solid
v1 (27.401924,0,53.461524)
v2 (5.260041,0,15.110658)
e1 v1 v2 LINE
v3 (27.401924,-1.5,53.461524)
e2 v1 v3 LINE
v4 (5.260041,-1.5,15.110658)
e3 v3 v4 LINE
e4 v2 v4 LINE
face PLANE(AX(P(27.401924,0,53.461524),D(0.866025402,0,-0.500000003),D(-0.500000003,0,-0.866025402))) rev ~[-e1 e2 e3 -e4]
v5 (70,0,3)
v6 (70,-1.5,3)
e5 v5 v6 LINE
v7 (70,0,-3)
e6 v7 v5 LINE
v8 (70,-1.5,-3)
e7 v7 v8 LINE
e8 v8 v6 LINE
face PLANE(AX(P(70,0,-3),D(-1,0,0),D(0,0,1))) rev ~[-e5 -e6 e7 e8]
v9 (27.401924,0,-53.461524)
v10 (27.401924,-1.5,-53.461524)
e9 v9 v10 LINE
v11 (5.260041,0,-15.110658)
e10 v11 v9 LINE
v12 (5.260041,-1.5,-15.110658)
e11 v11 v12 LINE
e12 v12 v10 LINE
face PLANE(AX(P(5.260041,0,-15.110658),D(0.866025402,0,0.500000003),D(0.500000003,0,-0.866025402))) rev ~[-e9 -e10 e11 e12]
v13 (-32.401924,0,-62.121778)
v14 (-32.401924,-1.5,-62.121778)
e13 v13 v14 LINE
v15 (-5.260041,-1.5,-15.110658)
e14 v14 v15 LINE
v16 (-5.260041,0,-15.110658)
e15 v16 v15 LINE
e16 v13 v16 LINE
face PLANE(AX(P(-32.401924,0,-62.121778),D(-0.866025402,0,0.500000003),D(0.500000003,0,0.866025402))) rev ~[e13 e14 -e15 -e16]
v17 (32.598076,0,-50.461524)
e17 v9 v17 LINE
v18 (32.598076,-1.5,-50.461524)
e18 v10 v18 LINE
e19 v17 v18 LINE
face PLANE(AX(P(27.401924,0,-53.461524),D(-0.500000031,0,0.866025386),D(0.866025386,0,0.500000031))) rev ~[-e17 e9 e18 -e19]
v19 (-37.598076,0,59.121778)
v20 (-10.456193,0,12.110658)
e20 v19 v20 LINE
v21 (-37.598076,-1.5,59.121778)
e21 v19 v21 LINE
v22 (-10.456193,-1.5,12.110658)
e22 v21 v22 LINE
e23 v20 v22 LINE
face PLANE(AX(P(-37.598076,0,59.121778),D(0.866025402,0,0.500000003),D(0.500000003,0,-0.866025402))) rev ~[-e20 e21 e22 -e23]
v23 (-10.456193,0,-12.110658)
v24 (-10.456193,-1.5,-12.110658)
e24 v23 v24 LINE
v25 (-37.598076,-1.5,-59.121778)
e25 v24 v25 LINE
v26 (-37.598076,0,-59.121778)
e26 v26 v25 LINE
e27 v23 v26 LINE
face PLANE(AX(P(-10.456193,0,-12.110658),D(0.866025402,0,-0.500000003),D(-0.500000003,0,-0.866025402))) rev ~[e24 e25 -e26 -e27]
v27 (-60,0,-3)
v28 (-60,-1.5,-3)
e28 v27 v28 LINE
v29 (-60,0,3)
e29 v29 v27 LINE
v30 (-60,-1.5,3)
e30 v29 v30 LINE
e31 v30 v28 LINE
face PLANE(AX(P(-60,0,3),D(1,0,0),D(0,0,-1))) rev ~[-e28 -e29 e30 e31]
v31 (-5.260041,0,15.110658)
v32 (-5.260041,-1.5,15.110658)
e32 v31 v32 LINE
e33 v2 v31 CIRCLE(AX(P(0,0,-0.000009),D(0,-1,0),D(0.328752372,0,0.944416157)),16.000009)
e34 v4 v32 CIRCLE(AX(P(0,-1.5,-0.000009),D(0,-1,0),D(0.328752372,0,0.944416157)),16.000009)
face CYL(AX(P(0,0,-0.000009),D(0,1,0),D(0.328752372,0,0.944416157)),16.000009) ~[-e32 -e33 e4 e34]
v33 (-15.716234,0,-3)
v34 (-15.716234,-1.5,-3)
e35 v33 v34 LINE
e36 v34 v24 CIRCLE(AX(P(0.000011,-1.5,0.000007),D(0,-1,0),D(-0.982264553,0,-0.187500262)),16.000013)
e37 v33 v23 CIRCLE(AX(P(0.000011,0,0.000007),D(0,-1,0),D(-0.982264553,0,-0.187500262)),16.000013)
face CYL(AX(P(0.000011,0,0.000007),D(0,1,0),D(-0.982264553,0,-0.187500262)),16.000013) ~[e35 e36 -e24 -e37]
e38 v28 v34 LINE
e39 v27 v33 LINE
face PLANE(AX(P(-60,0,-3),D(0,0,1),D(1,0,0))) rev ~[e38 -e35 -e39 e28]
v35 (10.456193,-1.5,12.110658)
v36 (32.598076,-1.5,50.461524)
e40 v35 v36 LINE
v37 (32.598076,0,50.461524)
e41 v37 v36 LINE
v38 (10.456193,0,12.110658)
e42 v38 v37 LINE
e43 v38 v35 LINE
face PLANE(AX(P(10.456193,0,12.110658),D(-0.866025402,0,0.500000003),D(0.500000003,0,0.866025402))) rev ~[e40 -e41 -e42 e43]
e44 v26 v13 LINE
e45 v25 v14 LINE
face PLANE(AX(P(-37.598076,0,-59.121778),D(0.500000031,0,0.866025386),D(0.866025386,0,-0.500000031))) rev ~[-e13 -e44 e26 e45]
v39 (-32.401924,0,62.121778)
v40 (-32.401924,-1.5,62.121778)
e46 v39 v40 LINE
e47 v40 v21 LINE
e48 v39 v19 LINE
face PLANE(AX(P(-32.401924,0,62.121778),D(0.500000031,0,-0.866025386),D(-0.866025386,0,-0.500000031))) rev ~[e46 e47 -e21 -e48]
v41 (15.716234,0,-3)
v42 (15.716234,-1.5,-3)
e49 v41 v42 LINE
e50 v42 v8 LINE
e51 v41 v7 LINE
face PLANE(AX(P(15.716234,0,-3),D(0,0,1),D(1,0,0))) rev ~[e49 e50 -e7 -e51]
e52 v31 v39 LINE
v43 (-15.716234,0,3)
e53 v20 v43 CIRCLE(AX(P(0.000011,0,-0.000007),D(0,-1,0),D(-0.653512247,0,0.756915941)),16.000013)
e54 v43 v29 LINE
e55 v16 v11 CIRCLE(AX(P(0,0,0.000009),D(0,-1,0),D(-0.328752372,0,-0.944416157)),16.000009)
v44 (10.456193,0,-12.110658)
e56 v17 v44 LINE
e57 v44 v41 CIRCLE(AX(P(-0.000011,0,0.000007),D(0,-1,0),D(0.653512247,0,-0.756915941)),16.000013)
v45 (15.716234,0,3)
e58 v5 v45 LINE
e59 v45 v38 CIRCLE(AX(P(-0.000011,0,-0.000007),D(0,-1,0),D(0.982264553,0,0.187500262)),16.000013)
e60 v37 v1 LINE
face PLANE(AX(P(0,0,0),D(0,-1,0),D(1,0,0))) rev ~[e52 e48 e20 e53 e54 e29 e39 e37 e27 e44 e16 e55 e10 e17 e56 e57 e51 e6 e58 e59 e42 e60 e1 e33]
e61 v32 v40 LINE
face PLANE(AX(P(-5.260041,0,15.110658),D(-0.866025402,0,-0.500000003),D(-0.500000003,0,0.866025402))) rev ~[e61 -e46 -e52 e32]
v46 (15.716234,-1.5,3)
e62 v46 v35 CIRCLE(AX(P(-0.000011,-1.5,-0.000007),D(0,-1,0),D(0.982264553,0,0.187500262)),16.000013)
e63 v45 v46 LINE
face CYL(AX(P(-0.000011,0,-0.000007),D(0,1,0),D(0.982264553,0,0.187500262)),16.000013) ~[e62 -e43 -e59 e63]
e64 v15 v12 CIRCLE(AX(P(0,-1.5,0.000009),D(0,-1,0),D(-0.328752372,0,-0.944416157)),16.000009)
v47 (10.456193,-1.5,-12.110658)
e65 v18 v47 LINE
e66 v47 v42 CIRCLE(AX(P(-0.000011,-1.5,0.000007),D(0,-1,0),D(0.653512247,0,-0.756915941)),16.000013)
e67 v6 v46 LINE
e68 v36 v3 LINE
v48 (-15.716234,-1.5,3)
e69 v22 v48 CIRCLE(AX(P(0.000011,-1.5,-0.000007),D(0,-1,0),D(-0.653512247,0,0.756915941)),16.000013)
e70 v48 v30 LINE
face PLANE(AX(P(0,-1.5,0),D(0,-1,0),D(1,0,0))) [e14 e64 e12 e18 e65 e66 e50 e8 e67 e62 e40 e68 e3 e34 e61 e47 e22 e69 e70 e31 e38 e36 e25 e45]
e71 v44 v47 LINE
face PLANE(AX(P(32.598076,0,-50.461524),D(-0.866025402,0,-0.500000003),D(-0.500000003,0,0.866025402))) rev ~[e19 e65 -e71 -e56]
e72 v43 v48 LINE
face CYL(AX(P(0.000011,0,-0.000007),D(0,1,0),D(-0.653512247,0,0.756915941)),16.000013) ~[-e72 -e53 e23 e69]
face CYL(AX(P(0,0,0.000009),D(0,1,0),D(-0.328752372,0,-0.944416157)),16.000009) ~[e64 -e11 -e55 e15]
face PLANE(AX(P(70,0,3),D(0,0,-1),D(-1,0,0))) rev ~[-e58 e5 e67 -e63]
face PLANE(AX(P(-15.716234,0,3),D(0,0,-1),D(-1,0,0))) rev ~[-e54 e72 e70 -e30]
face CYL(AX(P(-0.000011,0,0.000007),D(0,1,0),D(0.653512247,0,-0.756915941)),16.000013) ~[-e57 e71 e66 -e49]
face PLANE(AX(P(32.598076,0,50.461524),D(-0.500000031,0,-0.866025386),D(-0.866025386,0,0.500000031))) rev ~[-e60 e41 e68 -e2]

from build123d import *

# Parameters (mm, degrees)
F1_DEPTH = 1.5


with BuildPart() as f1:
    # F0 (on Front) → F1 (new body)
    with BuildSketch(Plane.XZ):
        with BuildLine():
            Line((-60, -3), (-15.716234, -3))
            ThreePointArc((-15.716234, -3), (-13.856406, -8), (-10.456193, -12.110658))
            Line((-10.456193, -12.110658), (-37.598076, -59.121778))
            Line((-37.598076, -59.121778), (-32.401924, -62.121778))
            Line((-32.401924, -62.121778), (-5.260041, -15.110658))
            ThreePointArc((-5.260041, -15.110658), (0, -16), (5.260041, -15.110658))
            Line((5.260041, -15.110658), (27.401924, -53.461524))
            Line((27.401924, -53.461524), (32.598076, -50.461524))
            Line((32.598076, -50.461524), (10.456193, -12.110658))
            ThreePointArc((10.456193, -12.110658), (13.856406, -8), (15.716234, -3))
            Line((15.716234, -3), (70, -3))
            Line((70, -3), (70, 3))
            Line((70, 3), (15.716234, 3))
            ThreePointArc((15.716234, 3), (13.856406, 8), (10.456193, 12.110658))
            Line((10.456193, 12.110658), (32.598076, 50.461524))
            Line((32.598076, 50.461524), (27.401924, 53.461524))
            Line((27.401924, 53.461524), (5.260041, 15.110658))
            ThreePointArc((5.260041, 15.110658), (0, 16), (-5.260041, 15.110658))
            Line((-5.260041, 15.110658), (-32.401924, 62.121778))
            Line((-32.401924, 62.121778), (-37.598076, 59.121778))
            Line((-37.598076, 59.121778), (-10.456193, 12.110658))
            ThreePointArc((-10.456193, 12.110658), (-13.856406, 8), (-15.716234, 3))
            Line((-15.716234, 3), (-60, 3))
            Line((-60, 3), (-60, -3))
        make_face()
    extrude(amount=F1_DEPTH)


solid = f1.part
